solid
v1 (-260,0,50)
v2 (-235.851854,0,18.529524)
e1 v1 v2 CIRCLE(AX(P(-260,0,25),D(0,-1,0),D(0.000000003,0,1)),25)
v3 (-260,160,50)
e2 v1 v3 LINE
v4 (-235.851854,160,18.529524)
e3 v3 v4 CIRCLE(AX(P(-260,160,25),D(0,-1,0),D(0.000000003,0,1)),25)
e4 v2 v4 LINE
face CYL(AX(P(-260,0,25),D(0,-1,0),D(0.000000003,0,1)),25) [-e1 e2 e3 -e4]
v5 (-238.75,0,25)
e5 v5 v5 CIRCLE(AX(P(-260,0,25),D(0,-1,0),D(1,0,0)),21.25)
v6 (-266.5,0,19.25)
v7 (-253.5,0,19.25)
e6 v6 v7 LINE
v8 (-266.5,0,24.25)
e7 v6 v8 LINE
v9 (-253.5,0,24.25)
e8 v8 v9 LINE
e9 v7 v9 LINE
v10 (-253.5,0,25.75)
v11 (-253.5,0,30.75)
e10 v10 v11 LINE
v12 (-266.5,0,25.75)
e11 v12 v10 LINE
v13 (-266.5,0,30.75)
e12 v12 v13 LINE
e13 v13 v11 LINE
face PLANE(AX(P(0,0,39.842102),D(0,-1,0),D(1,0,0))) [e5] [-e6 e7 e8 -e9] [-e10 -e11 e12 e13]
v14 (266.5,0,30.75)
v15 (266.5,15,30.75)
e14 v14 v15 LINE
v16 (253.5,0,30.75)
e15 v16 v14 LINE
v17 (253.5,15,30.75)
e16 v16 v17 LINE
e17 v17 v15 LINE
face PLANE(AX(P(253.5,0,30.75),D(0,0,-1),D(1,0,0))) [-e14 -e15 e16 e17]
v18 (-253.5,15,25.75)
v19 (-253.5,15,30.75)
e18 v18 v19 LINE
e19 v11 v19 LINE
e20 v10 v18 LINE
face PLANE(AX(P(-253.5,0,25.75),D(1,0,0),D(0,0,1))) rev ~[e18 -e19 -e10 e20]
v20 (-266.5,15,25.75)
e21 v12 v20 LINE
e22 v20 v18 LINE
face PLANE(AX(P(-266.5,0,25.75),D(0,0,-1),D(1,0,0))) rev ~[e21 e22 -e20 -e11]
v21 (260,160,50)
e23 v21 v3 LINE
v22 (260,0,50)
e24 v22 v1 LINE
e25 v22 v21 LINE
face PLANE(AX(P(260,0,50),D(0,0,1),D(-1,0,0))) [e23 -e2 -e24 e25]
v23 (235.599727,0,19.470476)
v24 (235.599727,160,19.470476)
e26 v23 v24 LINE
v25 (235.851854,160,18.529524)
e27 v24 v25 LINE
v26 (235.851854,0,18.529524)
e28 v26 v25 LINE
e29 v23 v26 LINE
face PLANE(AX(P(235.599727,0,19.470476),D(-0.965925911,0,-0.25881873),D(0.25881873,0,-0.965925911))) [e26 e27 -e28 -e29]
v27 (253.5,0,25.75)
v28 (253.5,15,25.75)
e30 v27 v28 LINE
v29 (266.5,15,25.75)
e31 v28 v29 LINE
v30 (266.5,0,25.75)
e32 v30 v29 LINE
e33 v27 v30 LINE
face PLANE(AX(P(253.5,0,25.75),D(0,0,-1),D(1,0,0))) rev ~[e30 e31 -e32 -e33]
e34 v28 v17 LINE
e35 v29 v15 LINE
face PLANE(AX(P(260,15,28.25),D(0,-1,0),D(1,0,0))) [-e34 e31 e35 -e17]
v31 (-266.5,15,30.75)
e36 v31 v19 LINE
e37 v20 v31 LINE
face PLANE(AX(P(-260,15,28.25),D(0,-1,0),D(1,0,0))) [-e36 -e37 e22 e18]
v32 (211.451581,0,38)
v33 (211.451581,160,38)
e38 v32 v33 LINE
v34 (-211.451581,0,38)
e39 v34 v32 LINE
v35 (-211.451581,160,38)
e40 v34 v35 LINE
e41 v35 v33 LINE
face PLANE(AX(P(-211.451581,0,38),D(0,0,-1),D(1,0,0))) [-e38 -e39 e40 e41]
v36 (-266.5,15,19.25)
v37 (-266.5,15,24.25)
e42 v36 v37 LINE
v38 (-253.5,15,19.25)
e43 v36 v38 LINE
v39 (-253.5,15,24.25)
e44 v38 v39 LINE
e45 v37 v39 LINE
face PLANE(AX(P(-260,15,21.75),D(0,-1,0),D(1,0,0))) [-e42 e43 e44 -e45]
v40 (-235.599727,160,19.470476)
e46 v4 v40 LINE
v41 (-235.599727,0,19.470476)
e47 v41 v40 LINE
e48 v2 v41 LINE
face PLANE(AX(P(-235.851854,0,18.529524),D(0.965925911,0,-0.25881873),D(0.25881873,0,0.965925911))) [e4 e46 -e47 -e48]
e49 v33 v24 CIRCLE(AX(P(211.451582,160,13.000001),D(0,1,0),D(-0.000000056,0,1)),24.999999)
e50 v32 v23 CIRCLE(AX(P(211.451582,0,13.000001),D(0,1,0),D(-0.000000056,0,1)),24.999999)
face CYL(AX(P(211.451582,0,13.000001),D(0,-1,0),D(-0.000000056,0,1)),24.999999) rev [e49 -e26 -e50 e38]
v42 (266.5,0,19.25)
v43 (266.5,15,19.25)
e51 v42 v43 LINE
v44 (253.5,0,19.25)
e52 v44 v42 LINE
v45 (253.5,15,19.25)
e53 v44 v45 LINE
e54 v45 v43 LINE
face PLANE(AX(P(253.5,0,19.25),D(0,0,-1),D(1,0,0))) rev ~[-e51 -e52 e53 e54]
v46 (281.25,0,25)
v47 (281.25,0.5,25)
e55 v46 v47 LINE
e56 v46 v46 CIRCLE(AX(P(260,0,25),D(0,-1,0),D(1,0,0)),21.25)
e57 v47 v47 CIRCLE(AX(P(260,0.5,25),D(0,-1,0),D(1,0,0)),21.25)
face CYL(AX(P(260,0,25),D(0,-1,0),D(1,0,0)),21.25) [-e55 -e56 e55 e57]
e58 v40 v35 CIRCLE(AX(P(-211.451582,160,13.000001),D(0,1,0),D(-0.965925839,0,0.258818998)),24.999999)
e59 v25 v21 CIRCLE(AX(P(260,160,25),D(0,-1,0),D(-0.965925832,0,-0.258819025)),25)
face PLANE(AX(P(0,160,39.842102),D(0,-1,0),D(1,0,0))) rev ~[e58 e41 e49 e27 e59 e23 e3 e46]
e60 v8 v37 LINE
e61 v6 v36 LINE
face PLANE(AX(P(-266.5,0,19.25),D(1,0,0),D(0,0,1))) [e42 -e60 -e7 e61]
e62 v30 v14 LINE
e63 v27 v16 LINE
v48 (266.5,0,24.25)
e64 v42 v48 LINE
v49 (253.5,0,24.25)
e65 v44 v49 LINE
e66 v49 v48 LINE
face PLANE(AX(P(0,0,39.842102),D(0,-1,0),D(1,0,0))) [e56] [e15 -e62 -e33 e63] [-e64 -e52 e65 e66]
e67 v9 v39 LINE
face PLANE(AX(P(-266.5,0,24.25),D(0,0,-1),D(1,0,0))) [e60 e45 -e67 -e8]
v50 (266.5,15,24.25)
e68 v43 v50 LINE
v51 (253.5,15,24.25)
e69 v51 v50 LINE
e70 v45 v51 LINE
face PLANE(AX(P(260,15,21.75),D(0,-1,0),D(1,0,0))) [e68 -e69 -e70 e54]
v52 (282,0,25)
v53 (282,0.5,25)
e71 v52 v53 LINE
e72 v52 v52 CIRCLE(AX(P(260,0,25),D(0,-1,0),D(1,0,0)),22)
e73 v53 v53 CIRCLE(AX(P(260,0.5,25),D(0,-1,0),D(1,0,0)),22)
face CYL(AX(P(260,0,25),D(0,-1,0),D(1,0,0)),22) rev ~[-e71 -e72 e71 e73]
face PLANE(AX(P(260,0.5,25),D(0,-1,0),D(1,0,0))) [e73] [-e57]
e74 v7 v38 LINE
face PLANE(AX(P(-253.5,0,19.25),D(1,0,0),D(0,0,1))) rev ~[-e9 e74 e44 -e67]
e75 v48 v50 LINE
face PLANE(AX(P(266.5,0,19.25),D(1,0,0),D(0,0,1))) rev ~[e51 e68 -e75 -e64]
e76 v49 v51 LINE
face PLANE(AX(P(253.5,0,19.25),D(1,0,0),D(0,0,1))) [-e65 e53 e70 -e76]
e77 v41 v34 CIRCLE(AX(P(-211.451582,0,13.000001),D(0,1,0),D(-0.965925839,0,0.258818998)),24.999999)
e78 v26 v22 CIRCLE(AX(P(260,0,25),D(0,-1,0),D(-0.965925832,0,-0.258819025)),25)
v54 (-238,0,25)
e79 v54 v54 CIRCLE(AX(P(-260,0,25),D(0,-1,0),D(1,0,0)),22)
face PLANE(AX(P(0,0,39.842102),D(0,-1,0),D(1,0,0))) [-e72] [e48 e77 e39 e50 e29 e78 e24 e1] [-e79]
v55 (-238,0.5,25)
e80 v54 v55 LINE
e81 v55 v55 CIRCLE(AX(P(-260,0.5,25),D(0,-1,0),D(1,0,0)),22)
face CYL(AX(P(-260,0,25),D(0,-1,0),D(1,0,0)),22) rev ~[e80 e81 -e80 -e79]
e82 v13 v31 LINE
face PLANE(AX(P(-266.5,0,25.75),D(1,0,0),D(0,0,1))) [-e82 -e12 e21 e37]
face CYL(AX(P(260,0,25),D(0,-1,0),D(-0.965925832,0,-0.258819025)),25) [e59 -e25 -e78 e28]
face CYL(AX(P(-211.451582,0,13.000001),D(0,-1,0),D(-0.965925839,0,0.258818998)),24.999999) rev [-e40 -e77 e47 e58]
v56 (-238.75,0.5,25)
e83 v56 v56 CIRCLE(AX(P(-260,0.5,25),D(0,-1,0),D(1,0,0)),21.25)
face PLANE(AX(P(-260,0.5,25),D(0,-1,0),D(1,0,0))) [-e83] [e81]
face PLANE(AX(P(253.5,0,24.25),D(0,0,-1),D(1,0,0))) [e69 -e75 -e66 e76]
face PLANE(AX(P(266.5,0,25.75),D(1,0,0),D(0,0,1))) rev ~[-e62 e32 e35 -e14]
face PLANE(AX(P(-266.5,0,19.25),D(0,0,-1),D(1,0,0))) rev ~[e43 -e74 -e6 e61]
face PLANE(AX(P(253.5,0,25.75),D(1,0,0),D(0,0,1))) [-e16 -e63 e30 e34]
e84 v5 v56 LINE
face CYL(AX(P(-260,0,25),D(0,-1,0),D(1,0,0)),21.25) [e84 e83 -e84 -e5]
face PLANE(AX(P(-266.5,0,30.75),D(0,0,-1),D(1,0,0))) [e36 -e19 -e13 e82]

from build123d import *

# Parameters (mm, degrees)
F1_DEPTH = 160
F2_R     = 22
F2_R_2   = 21.25
F3_DEPTH = 0.5
F4_W     = 13
F4_H     = 5
F5_DEPTH = 15


with BuildPart() as f1:
    # F0 (on Front) → F1 (new body)
    with BuildSketch(Plane.XZ):
        with BuildLine():
            Line((235.599727, 19.470476), (235.851854, 18.529524))
            ThreePointArc((235.851854, 18.529524), (279.833834, 9.780964), (260, 50))
            Line((260, 50), (0, 50))
            Line((0, 50), (-260, 50))
            ThreePointArc((-260, 50), (-279.833834, 9.780964), (-235.851854, 18.529524))
            Line((-235.851854, 18.529524), (-235.599727, 19.470476))
            ThreePointArc((-235.599727, 19.470476), (-226.670617, 32.833834), (-211.451581, 38))
            Line((-211.451581, 38), (0, 38))
            Line((0, 38), (211.451581, 38))
            ThreePointArc((211.451581, 38), (226.670617, 32.833834), (235.599727, 19.470476))
        make_face()
    extrude(amount=-F1_DEPTH)

    # F2 (on face) → F3 (cut)
    with BuildSketch(Plane.XZ):
        with Locations((260, 25)):
            Circle(F2_R)
        with Locations((260, 25)):
            Circle(F2_R_2, mode=Mode.SUBTRACT)
        with Locations((-260, 25)):
            Circle(F2_R)
        with Locations((-260, 25)):
            Circle(F2_R_2, mode=Mode.SUBTRACT)
    extrude(amount=-F3_DEPTH, mode=Mode.SUBTRACT)

    # F4 (on face) → F5 (cut)
    with BuildSketch(Plane.XZ):
        with Locations((260, 28.25)):
            Rectangle(F4_W, F4_H)
        with Locations((260, 21.75)):
            Rectangle(F4_W, F4_H)
        with Locations((-260, 28.25)):
            Rectangle(F4_W, F4_H)
        with Locations((-260, 21.75)):
            Rectangle(F4_W, F4_H)
    extrude(amount=-F5_DEPTH, mode=Mode.SUBTRACT)


solid = f1.part
